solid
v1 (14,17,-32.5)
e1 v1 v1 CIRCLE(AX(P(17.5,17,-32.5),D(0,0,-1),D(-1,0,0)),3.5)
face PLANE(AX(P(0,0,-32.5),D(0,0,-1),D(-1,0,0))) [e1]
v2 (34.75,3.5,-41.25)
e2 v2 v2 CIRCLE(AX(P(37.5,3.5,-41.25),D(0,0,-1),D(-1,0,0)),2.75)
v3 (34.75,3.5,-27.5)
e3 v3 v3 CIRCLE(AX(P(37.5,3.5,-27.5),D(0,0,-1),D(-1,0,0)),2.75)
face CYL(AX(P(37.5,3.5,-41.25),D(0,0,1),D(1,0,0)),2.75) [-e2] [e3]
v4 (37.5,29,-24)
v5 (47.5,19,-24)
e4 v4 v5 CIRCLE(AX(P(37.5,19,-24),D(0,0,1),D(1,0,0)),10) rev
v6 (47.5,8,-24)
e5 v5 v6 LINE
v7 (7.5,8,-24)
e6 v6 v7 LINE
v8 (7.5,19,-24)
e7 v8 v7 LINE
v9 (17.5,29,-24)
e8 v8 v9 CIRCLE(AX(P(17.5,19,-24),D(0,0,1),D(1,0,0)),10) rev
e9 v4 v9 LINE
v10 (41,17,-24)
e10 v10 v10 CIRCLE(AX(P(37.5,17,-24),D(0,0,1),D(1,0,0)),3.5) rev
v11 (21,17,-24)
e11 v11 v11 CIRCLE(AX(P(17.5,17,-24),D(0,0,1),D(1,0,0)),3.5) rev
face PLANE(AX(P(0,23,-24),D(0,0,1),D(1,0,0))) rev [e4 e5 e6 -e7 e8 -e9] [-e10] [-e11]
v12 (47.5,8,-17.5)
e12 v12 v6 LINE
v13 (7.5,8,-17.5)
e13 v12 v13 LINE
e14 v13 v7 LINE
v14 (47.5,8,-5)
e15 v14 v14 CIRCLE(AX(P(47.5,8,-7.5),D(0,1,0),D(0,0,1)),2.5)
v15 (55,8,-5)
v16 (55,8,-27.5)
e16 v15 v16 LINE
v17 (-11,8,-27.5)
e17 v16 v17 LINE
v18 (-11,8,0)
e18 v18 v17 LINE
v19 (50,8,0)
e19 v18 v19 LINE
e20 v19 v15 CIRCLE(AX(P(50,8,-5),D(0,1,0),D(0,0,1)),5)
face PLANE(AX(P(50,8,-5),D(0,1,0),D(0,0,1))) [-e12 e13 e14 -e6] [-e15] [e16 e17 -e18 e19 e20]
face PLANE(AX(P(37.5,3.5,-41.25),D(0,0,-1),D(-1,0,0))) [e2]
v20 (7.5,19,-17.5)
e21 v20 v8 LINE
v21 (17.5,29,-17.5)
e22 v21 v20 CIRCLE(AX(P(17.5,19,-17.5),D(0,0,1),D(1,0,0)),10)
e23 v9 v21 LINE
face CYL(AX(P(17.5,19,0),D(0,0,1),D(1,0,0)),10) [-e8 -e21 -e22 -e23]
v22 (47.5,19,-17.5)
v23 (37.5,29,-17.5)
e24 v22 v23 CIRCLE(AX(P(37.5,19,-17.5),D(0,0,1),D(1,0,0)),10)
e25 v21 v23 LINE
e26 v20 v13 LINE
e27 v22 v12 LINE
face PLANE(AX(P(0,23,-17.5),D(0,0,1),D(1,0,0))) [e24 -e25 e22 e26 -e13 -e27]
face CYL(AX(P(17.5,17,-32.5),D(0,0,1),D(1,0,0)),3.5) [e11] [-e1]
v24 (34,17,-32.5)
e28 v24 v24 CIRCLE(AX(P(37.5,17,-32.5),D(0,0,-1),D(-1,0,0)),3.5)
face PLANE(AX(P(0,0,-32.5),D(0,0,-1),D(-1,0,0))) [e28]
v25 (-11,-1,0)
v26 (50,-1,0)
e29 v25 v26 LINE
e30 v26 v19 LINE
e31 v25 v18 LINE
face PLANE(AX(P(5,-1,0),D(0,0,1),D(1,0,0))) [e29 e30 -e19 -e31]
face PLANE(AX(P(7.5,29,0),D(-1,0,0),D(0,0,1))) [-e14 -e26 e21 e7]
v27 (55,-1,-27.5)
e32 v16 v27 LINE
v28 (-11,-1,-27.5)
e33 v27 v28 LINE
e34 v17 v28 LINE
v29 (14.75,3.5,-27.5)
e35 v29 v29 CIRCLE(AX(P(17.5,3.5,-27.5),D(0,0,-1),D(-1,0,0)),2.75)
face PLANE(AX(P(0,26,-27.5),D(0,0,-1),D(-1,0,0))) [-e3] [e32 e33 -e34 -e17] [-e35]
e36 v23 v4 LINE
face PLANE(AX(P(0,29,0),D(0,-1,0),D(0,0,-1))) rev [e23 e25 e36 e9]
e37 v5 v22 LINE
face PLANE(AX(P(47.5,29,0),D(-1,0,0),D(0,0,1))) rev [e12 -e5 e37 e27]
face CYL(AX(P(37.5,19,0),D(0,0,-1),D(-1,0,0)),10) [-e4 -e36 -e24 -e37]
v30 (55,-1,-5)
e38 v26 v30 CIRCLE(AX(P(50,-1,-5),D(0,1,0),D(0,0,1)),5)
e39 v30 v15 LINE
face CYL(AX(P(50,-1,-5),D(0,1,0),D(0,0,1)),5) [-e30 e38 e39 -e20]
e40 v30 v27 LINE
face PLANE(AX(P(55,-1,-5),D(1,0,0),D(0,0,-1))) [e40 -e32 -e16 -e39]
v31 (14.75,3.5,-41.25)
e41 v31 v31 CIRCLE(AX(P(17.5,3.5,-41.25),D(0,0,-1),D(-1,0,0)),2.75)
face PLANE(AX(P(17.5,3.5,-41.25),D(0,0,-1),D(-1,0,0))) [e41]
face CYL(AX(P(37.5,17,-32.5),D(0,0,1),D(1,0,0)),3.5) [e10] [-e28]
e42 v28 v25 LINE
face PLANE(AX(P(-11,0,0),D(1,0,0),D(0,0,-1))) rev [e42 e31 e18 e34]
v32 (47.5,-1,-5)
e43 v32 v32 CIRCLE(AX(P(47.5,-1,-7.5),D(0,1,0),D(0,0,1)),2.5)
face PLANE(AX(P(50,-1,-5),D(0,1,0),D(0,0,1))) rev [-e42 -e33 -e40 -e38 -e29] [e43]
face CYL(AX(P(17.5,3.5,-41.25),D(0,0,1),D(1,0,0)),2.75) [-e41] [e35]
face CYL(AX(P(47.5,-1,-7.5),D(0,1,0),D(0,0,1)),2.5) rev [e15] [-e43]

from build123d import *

# Parameters (mm, degrees)
BOSS_EXTRUDE2_DEPTH      = 8
BOSS_EXTRUDE2_DEPTH_BACK = 1
SKETCH1_R                = 2.5
CUT_EXTRUDE1_START       = -18
SKETCH2_R                = 2.5
CUT_EXTRUDE1_DEPTH       = 18
SKETCH3_R                = 2.75
BOSS_EXTRUDE3_DEPTH      = 13.75
SKETCH4_W                = 9
SKETCH4_H                = 6.5
BOSS_EXTRUDE4_DEPTH      = 15
BOSS_EXTRUDE5_DEPTH      = 8.5
SKETCH8_W                = 9
SKETCH8_H                = 6.5
BOSS_EXTRUDE6_DEPTH      = 6
SKETCH9_W                = 15.5
SKETCH9_H                = 6.5
BOSS_EXTRUDE7_DEPTH      = 21
SKETCH10_R               = 3.5
BOSS_EXTRUDE8_DEPTH      = 8.5
CUT_EXTRUDE2_START       = -8.5
SKETCH12_R               = 3.5
CUT_EXTRUDE2_DEPTH       = 8.5
FILLET1_R                = 10
BOSS_EXTRUDE9_DEPTH      = 11
BOSS_EXTRUDE9_DEPTH_BACK = 10
SKETCH13_W               = 27.5
SKETCH13_H               = 9


with BuildPart() as part:
    # Sketch1 → Boss-Extrude2 (new, two sides: drawn at the far end of the back side and taken through both)
    with BuildSketch(Plane(origin=(0, 0, 0), x_dir=(1, 0, 0), z_dir=(0, 1, 0)).offset(-BOSS_EXTRUDE2_DEPTH_BACK)):
        with BuildLine():
            Line((5, 0), (50, 0))
            ThreePointArc((50, 0), (53.535533906, 1.464466094), (55, 5))
            Line((55, 5), (55, 50))
            ThreePointArc((55, 50), (53.535533906, 53.535533906), (50, 55))
            Line((50, 55), (5, 55))
            ThreePointArc((5, 55), (1.464466094, 53.535533906), (0, 50))
            Line((0, 50), (0, 5))
            ThreePointArc((0, 5), (1.464466094, 1.464466094), (5, 0))
        make_face()
        with Locations((7.5, 47.5)):
            Circle(SKETCH1_R, mode=Mode.SUBTRACT)
        with Locations((47.5, 47.5)):
            Circle(SKETCH1_R, mode=Mode.SUBTRACT)
        with Locations((47.5, 7.5)):
            Circle(SKETCH1_R, mode=Mode.SUBTRACT)
        with Locations((7.5, 7.5)):
            Circle(SKETCH1_R, mode=Mode.SUBTRACT)
    extrude(amount=BOSS_EXTRUDE2_DEPTH + BOSS_EXTRUDE2_DEPTH_BACK)

    # Sketch2 → Cut-Extrude1 (cut)
    with BuildSketch(Plane(origin=(0, 8, 0), x_dir=(1, 0, 0), z_dir=(0, 1, 0)).offset(CUT_EXTRUDE1_START)):
        with BuildLine():
            Line((0, 50), (0, 27.5))
            Line((0, 27.5), (55, 27.5))
            Line((55, 27.5), (55, 50))
            ThreePointArc((55, 50), (53.535533906, 53.535533906), (50, 55))
            Line((50, 55), (5, 55))
            ThreePointArc((5, 55), (1.464466094, 53.535533906), (0, 50))
        make_face()
        with Locations((7.5, 47.5)):
            Circle(SKETCH2_R, mode=Mode.SUBTRACT)
        with Locations((47.5, 47.5)):
            Circle(SKETCH2_R, mode=Mode.SUBTRACT)
    extrude(amount=CUT_EXTRUDE1_DEPTH, mode=Mode.SUBTRACT)

    # Sketch3 → Boss-Extrude3 (add)
    with BuildSketch(Plane(origin=(0, 0, -27.5), x_dir=(-1, 0, 0), z_dir=(0, 0, -1))):
        with Locations((-37.5, 3.5)):
            Circle(SKETCH3_R)
        with Locations((-17.5, 3.5)):
            Circle(SKETCH3_R)
    extrude(amount=BOSS_EXTRUDE3_DEPTH)

    # Sketch4 → Boss-Extrude4 (add)
    with BuildSketch(Plane(origin=(0, 8, 0), x_dir=(1, 0, 0), z_dir=(0, 1, 0))):
        with Locations((27.5, 20.75)):
            Rectangle(SKETCH4_W, SKETCH4_H)
    extrude(amount=BOSS_EXTRUDE4_DEPTH)

    # Sketch5 → Boss-Extrude5 (add)
    with BuildSketch(Plane(origin=(0, 0, -24), x_dir=(-1, 0, 0), z_dir=(0, 0, -1))):
        with BuildLine():
            ThreePointArc((-25.636419782, 13.037388184), (-24.436298745, 14.307742745), (-24, 16))
            ThreePointArc((-24, 16), (-29.974873734, 18.474873734), (-27.5, 12.5))
            ThreePointArc((-27.5, 12.5), (-26.685966178, 12.595980474), (-25.916578842, 12.878657751))
            ThreePointArc((-25.916578842, 12.878657751), (-25.85405917, 13.094916041), (-25.636419782, 13.037388184))
        make_face()
    extrude(amount=BOSS_EXTRUDE5_DEPTH)

    # Sketch8 → Boss-Extrude6 (add)
    with BuildSketch(Plane(origin=(0, 23, 0), x_dir=(1, 0, 0), z_dir=(0, 1, 0))):
        with Locations((27.5, 20.75)):
            Rectangle(SKETCH8_W, SKETCH8_H)
    extrude(amount=BOSS_EXTRUDE6_DEPTH)

    # Sketch9 → Boss-Extrude7 (add)
    with BuildSketch(Plane(origin=(0, 8, 0), x_dir=(1, 0, 0), z_dir=(0, 1, 0))):
        with Locations((39.75, 20.75)):
            Rectangle(SKETCH9_W, SKETCH9_H)
        with Locations((15.25, 20.75)):
            Rectangle(SKETCH9_W, SKETCH9_H)
    extrude(amount=BOSS_EXTRUDE7_DEPTH)

    # Sketch10 → Boss-Extrude8 (add)
    with BuildSketch(Plane(origin=(0, 0, -24), x_dir=(-1, 0, 0), z_dir=(0, 0, -1))):
        with Locations((-17.5, 17)):
            Circle(SKETCH10_R)
        with Locations((-37.5, 17)):
            Circle(SKETCH10_R)
    extrude(amount=BOSS_EXTRUDE8_DEPTH)

    # Sketch12 → Cut-Extrude2 (cut)
    with BuildSketch(Plane(origin=(0, 0, -32.5), x_dir=(-1, 0, 0), z_dir=(0, 0, -1)).offset(CUT_EXTRUDE2_START)):
        with Locations((-27.5, 16)):
            Circle(SKETCH12_R)
    extrude(amount=CUT_EXTRUDE2_DEPTH, mode=Mode.SUBTRACT)

    # Fillet1
    fillet1_edges = [part.edges().sort_by_distance(p)[0] for p in [
        (47.5, 29, -20.75),
        (7.5, 29, -20.75),
    ]]
    fillet(fillet1_edges, radius=FILLET1_R)

    # Sketch13 → Boss-Extrude9 (add, two sides: drawn at the far end of the back side and taken through both)
    with BuildSketch(Plane.ZY.offset(-BOSS_EXTRUDE9_DEPTH_BACK)):
        with Locations((-13.75, 3.5)):
            Rectangle(SKETCH13_W, SKETCH13_H)
    extrude(amount=BOSS_EXTRUDE9_DEPTH + BOSS_EXTRUDE9_DEPTH_BACK)


solid = part.part
